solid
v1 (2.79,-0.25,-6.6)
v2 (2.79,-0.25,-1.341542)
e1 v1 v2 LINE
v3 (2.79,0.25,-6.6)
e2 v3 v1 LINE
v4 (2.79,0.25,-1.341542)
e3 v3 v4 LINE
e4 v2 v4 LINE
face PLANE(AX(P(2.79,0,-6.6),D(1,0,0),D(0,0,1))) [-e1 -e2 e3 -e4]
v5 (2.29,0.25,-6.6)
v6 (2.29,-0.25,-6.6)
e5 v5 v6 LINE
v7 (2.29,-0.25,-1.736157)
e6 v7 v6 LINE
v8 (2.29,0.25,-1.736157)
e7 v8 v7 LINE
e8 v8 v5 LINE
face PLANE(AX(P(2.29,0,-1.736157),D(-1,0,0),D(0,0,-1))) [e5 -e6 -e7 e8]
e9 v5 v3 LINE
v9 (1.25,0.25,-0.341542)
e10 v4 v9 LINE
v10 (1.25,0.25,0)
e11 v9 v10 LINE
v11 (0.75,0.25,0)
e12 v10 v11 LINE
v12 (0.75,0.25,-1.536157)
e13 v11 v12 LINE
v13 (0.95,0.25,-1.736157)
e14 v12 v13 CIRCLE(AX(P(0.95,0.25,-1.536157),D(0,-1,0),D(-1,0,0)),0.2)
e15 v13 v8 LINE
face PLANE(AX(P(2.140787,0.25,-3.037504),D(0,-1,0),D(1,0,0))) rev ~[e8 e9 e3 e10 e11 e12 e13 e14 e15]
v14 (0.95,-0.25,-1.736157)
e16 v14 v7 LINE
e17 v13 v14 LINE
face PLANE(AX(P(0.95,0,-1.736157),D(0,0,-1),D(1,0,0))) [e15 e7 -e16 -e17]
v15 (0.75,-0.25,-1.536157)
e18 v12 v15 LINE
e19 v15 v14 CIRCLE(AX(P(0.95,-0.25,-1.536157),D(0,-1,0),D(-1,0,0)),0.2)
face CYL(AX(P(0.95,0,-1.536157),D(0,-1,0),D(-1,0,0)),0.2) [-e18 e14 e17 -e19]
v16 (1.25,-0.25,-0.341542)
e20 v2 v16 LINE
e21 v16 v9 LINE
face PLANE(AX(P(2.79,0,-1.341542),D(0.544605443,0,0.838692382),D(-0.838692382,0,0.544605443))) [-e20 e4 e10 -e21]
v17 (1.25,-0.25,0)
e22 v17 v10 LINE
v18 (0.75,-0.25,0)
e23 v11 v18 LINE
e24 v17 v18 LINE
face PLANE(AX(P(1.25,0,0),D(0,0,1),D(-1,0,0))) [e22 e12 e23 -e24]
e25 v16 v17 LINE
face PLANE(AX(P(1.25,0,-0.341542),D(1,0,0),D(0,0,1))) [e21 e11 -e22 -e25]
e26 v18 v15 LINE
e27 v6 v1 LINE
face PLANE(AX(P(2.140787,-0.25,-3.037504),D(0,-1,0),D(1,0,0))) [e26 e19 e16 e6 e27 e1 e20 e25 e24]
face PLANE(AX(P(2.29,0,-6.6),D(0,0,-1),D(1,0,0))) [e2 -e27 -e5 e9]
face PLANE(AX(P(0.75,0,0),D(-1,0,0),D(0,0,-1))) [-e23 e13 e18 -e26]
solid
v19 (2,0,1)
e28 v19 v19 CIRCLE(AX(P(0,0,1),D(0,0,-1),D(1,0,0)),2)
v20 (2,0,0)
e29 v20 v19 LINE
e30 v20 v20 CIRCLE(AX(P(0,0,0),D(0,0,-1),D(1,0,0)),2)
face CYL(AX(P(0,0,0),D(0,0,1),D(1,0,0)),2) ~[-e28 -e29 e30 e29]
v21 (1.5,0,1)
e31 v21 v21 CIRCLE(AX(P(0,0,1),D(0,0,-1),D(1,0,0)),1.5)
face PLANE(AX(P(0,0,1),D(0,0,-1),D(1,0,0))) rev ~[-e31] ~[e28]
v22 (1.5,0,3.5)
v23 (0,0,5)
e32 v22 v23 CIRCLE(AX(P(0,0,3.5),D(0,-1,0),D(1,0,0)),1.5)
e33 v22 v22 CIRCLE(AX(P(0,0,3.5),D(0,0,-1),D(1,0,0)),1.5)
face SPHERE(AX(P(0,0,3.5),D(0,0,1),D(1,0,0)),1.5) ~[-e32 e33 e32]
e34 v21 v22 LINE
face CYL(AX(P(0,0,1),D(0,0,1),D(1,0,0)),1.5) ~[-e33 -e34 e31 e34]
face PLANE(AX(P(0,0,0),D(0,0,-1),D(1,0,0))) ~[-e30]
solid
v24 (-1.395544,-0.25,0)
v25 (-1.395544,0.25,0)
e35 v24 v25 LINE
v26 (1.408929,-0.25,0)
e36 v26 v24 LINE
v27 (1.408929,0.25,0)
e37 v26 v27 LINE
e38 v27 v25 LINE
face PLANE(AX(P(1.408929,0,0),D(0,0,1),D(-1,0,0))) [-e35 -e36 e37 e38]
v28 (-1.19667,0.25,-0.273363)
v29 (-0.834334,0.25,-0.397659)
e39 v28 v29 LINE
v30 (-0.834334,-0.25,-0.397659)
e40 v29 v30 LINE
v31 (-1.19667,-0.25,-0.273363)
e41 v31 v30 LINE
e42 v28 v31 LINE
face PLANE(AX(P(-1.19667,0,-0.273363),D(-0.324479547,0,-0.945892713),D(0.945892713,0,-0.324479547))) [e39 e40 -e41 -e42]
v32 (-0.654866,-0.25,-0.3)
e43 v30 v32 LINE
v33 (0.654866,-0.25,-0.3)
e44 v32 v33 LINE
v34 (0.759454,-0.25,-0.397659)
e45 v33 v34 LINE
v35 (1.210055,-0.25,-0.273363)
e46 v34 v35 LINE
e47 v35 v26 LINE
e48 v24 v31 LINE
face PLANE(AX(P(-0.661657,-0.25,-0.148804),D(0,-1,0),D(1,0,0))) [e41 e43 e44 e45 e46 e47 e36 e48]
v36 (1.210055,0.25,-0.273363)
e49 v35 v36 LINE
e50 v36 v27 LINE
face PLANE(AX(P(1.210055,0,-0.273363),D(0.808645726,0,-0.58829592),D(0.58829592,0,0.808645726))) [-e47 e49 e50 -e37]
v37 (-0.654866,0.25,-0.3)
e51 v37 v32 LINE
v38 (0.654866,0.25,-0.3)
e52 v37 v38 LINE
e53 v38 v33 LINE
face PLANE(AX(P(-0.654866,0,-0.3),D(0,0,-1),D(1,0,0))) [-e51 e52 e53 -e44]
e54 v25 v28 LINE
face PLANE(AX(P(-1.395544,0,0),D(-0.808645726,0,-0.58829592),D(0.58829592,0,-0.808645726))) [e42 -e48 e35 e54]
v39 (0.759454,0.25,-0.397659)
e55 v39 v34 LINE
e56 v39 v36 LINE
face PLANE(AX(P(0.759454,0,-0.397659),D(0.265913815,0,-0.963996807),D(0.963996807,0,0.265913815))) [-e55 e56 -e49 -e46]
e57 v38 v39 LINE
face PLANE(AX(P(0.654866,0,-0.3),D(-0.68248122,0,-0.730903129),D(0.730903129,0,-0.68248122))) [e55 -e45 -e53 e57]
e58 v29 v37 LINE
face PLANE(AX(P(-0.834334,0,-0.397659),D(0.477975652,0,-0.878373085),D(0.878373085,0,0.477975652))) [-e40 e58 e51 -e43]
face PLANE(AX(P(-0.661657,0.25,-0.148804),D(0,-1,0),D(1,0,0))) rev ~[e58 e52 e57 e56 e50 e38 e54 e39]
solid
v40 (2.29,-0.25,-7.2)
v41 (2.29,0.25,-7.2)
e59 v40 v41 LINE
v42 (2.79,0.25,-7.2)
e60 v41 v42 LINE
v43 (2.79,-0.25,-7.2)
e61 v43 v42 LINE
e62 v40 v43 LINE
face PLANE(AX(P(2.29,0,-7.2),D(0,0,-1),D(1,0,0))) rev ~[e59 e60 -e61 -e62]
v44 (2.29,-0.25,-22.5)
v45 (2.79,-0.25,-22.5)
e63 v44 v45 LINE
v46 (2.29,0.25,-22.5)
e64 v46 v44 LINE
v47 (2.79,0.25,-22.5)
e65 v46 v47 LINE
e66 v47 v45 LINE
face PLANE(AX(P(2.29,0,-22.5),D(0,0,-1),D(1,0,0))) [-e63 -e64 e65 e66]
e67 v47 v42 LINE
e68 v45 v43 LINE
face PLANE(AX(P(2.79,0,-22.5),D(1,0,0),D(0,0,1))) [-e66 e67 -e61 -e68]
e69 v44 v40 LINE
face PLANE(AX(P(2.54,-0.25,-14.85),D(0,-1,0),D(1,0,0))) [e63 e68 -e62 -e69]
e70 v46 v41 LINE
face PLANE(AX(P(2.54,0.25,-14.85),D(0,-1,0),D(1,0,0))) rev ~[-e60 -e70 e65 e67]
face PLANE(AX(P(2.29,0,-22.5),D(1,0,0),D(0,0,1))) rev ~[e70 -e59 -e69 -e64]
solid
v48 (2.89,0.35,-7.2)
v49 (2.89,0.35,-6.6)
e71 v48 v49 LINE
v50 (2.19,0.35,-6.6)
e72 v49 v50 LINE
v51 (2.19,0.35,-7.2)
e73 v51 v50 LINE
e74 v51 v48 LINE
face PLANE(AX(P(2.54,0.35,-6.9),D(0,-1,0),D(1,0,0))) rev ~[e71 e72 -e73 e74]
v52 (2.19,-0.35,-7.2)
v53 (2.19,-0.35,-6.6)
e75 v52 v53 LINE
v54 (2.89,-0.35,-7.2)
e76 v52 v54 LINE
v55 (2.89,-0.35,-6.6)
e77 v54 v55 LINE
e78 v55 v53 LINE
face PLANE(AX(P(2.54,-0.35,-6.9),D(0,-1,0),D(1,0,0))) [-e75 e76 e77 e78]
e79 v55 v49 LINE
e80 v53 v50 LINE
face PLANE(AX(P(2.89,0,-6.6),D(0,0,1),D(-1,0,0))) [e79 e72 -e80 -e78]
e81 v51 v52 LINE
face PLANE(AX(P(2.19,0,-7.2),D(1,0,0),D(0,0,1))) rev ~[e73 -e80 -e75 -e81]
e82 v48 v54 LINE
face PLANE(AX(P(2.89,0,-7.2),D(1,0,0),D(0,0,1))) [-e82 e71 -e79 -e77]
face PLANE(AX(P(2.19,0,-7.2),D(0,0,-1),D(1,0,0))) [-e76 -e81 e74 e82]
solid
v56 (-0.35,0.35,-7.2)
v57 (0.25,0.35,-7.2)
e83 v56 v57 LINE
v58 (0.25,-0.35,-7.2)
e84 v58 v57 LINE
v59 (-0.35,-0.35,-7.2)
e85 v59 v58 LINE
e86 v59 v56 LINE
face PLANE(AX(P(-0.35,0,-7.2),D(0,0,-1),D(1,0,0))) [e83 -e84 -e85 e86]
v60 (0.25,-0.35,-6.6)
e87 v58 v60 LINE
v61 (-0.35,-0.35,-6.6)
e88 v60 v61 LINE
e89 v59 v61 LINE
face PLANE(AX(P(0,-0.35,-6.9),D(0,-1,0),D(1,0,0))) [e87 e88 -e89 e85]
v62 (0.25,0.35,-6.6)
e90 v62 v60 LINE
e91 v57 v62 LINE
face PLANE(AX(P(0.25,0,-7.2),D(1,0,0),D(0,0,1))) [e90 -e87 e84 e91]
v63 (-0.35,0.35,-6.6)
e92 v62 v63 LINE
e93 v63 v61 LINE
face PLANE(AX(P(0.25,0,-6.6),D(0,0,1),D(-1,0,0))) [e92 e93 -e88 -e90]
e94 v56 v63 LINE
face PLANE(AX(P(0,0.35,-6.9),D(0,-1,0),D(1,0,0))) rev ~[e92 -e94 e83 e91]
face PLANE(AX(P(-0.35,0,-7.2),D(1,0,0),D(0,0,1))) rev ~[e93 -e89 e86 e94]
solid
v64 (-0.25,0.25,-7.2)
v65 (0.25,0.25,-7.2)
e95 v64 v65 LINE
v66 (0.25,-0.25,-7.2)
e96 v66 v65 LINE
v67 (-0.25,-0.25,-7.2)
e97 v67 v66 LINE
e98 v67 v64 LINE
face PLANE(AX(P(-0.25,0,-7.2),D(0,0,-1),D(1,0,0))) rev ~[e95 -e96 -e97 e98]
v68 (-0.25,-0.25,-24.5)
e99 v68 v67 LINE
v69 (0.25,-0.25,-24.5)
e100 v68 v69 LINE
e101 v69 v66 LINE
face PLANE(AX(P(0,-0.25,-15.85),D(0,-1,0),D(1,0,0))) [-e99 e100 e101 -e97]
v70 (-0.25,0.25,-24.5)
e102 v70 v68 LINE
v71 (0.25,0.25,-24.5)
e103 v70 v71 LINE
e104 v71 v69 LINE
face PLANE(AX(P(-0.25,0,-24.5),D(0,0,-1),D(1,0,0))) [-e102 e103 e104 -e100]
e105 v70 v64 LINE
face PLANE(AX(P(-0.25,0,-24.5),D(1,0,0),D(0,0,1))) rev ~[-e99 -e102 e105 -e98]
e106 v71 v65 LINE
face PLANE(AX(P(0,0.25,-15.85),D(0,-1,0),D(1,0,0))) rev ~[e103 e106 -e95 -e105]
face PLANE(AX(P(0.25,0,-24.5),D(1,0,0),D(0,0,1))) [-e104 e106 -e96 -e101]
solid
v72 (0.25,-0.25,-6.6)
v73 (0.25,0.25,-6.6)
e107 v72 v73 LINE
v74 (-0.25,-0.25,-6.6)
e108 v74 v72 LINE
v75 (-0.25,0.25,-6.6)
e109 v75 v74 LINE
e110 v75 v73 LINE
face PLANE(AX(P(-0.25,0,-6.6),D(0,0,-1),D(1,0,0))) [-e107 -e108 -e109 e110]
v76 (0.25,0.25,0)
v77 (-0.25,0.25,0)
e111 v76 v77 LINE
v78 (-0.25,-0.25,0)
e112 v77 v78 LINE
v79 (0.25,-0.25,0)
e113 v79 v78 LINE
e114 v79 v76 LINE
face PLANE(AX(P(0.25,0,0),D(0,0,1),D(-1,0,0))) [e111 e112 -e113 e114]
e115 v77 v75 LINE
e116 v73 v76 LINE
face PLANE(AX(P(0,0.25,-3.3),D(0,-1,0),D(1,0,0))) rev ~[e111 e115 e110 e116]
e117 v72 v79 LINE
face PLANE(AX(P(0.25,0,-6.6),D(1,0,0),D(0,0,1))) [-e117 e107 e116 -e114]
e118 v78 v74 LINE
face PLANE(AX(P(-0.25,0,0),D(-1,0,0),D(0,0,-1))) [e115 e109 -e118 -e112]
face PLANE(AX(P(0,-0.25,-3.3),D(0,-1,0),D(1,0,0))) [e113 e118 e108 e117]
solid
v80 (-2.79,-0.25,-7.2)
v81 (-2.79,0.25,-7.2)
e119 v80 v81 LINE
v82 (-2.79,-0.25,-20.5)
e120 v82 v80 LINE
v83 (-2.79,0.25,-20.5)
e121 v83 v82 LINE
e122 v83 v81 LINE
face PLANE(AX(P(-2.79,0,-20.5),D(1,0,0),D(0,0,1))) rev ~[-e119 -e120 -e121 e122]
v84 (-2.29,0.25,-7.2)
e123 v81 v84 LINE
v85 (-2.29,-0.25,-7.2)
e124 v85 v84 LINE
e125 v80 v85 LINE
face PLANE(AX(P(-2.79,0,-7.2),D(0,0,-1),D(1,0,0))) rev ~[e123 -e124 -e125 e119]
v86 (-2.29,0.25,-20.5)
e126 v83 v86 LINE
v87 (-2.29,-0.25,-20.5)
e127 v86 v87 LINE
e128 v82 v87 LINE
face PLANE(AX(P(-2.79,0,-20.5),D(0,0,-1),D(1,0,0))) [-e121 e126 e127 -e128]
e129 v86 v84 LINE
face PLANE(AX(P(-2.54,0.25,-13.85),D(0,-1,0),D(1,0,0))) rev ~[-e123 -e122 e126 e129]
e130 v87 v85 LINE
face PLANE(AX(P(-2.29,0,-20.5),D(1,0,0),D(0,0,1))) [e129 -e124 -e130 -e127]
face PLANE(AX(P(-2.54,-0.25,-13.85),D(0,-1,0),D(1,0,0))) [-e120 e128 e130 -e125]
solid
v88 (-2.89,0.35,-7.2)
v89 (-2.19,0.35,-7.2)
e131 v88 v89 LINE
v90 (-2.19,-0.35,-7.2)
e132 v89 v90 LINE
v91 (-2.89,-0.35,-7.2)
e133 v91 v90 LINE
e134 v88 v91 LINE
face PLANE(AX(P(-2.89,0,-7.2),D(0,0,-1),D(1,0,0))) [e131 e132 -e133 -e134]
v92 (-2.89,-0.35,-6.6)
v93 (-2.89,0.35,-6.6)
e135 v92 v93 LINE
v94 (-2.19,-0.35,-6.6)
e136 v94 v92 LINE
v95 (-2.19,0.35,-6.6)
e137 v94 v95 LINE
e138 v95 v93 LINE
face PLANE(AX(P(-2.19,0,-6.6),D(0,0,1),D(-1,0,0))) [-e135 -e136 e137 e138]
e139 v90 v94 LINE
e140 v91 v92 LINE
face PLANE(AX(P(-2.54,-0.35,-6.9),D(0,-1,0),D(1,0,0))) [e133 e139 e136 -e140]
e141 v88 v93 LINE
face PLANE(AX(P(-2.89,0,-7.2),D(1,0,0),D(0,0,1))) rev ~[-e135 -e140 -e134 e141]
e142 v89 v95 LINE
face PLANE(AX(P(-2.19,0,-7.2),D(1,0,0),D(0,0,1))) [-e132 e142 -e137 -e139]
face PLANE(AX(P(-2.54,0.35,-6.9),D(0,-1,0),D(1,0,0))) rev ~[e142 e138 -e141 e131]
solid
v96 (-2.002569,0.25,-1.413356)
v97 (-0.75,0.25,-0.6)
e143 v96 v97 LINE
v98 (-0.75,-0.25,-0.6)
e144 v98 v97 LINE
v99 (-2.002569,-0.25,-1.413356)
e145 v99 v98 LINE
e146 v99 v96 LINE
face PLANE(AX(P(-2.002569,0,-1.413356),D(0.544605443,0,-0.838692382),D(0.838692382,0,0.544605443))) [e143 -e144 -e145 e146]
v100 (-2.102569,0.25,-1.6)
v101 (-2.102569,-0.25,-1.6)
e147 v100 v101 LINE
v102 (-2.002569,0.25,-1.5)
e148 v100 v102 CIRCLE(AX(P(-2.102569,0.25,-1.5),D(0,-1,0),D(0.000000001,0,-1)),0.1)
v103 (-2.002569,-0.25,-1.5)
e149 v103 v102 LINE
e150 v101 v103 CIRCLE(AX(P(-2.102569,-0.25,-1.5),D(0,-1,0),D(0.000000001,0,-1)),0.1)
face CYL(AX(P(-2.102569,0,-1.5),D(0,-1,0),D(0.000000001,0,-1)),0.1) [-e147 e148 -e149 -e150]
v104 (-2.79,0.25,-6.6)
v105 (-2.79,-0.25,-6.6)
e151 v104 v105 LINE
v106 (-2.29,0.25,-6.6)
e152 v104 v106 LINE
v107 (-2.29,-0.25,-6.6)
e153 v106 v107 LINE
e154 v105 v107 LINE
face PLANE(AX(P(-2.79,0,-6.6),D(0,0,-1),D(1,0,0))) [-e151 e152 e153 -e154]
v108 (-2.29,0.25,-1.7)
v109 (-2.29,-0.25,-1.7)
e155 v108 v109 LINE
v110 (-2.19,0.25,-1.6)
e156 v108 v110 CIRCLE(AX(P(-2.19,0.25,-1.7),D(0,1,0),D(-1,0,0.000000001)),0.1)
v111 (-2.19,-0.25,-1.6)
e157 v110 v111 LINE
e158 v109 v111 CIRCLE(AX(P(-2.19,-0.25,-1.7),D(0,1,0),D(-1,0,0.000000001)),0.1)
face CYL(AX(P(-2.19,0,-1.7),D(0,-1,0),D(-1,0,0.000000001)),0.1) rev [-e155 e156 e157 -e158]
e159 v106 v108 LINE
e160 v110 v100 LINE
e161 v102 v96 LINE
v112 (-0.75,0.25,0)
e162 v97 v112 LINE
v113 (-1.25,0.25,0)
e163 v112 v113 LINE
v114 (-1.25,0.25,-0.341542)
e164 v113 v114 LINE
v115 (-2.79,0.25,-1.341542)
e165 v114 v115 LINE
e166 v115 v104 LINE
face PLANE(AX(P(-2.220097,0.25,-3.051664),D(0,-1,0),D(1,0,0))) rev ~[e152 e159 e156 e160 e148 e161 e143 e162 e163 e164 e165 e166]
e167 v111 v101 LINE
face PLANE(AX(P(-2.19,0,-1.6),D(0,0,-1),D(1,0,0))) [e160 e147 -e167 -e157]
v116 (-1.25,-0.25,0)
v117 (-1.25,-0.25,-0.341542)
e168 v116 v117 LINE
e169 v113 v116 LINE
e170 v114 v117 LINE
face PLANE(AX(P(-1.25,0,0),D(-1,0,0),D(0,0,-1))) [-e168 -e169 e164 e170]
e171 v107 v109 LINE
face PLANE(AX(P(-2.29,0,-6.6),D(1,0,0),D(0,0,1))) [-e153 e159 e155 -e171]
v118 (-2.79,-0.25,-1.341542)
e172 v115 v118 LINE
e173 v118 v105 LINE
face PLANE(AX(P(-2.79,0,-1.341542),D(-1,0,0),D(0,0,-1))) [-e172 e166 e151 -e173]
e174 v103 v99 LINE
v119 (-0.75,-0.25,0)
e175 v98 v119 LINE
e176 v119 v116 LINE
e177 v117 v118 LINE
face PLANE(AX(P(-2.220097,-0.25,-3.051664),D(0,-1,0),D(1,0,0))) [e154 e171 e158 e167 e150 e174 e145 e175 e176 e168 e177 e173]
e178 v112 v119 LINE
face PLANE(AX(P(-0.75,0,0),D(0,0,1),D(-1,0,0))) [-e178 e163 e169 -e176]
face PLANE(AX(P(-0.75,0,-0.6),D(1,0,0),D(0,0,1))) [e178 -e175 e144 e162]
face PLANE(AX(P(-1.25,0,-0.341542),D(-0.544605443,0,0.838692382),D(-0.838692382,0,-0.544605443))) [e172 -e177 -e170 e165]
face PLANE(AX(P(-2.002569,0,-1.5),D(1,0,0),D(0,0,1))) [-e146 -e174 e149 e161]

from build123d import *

# Parameters (mm, degrees)
F2_W     = 0.5
F2_H     = 13.3
F3_DEPTH = 0.25
F2_H_2   = 15.3
F2_H_3   = 17.3
F5_DEPTH = 0.25
F2_H_4   = 0.6
F2_W_2   = 0.1
F6_DEPTH = 0.35


with BuildPart() as f1:
    # F0 (on Front) → F1 (revolve)
    with BuildSketch(Plane.XZ):
        with BuildLine():
            Line((0, 5), (0, 1))
            Line((0, 1), (1.5, 1))
            Line((1.5, 1), (1.5, 3.5))
            ThreePointArc((1.5, 3.5), (1.0606601718, 4.5606601718), (0, 5))
        make_face()
        Polygon((0, 1), (0, 0), (2, 0), (2, 1), (1.5, 1), align=None)
    revolve(axis=Axis((0, 0, 3), (0, 0, -1)))


with BuildPart() as f3:
    # F2 (on Front) → F3 (new body, symmetric)
    with BuildSketch(Plane.XZ):
        with Locations((-2.54, -13.85)):
            Rectangle(F2_W, F2_H)
    extrude(amount=F3_DEPTH, both=True)


with BuildPart() as f3b:
    # F2 (on Front) → F3, piece 2 (new body, symmetric)
    with BuildSketch(Plane.XZ):
        Polygon((0.25, 0), (0, 0), (-0.25, 0), (-0.25, -6.6), (0, -6.6), (0.25, -6.6), align=None)
    extrude(amount=F3_DEPTH, both=True)


with BuildPart() as f3c:
    # F2 (on Front) → F3, piece 3 (new body, symmetric)
    with BuildSketch(Plane.XZ):
        with Locations((2.54, -14.85)):
            Rectangle(F2_W, F2_H_2)
    extrude(amount=F3_DEPTH, both=True)


with BuildPart() as f3d:
    # F2 (on Front) → F3, piece 4 (new body, symmetric)
    with BuildSketch(Plane.XZ):
        with BuildLine():
            Line((1.25, 0), (0.75, 0))
            Line((0.75, 0), (0.75, -0.6))
            Line((0.75, -0.6), (0.75, -1.5361567198))
            ThreePointArc((0.75, -1.5361567198), (0.8085786438, -1.6775780761), (0.95, -1.7361567198))
            Line((0.95, -1.7361567198), (2.29, -1.7361567198))
            Line((2.29, -1.7361567198), (2.29, -6.6))
            Line((2.29, -6.6), (2.79, -6.6))
            Line((2.79, -6.6), (2.79, -1.6))
            Line((2.79, -1.6), (2.79, -1.3415418103))
            Line((2.79, -1.3415418103), (1.25, -0.3415418103))
            Line((1.25, -0.3415418103), (1.25, 0))
        make_face()
    extrude(amount=F3_DEPTH, both=True)


with BuildPart() as f3e:
    # F2 (on Front) → F3, piece 5 (new body, symmetric)
    with BuildSketch(Plane.XZ):
        with BuildLine():
            Line((-0.75, -0.6), (-0.75, 0))
            Line((-0.75, 0), (-1.25, 0))
            Line((-1.25, 0), (-1.25, -0.3415418103))
            Line((-1.25, -0.3415418103), (-2.79, -1.3415418103))
            Line((-2.79, -1.3415418103), (-2.79, -1.6))
            Line((-2.79, -1.6), (-2.79, -6.6))
            Line((-2.79, -6.6), (-2.29, -6.6))
            Line((-2.29, -6.6), (-2.29, -1.7))
            ThreePointArc((-2.29, -1.7), (-2.2607106781, -1.6292893219), (-2.19, -1.6))
            Line((-2.19, -1.6), (-2.1025689155, -1.6))
            ThreePointArc((-2.1025689155, -1.6), (-2.0318582374, -1.5707106781), (-2.0025689155, -1.5))
            Line((-2.0025689155, -1.5), (-2.0025689155, -1.4133564386))
            Line((-2.0025689155, -1.4133564386), (-0.75, -0.6))
        make_face()
    extrude(amount=F3_DEPTH, both=True)


with BuildPart() as f3f:
    # F2 (on Front) → F3, piece 6 (new body, symmetric)
    with BuildSketch(Plane.XZ):
        with Locations((0, -15.85)):
            Rectangle(F2_W, F2_H_3)
    extrude(amount=F3_DEPTH, both=True)


with BuildPart() as f5:
    # F4 (on Front) → F5 (new body, symmetric)
    with BuildSketch(Plane.XZ):
        Polygon((0, -0.3), (0, 0), (-1.3955442701, 0), (-1.1966704624, -0.2733631991), (-0.8343339432, -0.3976593143), (-0.6548659876, -0.3), (-0.416238152, -0.3), align=None)
        Polygon((1.4089291217, 0), (0, 0), (0, -0.3), (0.416238152, -0.3), (0.6548659876, -0.3), (0.7594542112, -0.3976593143), (1.210055314, -0.2733631991), align=None)
    extrude(amount=F5_DEPTH, both=True)


with BuildPart() as f6:
    # F2 (on Front) → F6 (new body, symmetric)
    with BuildSketch(Plane.XZ):
        with Locations((-2.54, -6.9)):
            Rectangle(F2_W, F2_H_4)
        with Locations((-2.84, -6.9)):
            Rectangle(F2_W_2, F2_H_4)
        with Locations((-2.24, -6.9)):
            Rectangle(F2_W_2, F2_H_4)
    extrude(amount=F6_DEPTH, both=True)


with BuildPart() as f6b:
    # F2 (on Front) → F6, piece 2 (new body, symmetric)
    with BuildSketch(Plane.XZ):
        Polygon((0.25, -7.2), (0.25, -6.6), (0, -6.6), (-0.25, -6.6), (-0.25, -7.2), align=None)
        with Locations((-0.3, -6.9)):
            Rectangle(F2_W_2, F2_H_4)
    extrude(amount=F6_DEPTH, both=True)


with BuildPart() as f6c:
    # F2 (on Front) → F6, piece 3 (new body, symmetric)
    with BuildSketch(Plane.XZ):
        with Locations((2.54, -6.9)):
            Rectangle(F2_W, F2_H_4)
        with Locations((2.24, -6.9)):
            Rectangle(F2_W_2, F2_H_4)
        with Locations((2.84, -6.9)):
            Rectangle(F2_W_2, F2_H_4)
    extrude(amount=F6_DEPTH, both=True)


solid = Compound([f1.part, f3.part, f3b.part, f3c.part, f3d.part, f3e.part, f3f.part, f5.part, f6.part, f6b.part, f6c.part])
